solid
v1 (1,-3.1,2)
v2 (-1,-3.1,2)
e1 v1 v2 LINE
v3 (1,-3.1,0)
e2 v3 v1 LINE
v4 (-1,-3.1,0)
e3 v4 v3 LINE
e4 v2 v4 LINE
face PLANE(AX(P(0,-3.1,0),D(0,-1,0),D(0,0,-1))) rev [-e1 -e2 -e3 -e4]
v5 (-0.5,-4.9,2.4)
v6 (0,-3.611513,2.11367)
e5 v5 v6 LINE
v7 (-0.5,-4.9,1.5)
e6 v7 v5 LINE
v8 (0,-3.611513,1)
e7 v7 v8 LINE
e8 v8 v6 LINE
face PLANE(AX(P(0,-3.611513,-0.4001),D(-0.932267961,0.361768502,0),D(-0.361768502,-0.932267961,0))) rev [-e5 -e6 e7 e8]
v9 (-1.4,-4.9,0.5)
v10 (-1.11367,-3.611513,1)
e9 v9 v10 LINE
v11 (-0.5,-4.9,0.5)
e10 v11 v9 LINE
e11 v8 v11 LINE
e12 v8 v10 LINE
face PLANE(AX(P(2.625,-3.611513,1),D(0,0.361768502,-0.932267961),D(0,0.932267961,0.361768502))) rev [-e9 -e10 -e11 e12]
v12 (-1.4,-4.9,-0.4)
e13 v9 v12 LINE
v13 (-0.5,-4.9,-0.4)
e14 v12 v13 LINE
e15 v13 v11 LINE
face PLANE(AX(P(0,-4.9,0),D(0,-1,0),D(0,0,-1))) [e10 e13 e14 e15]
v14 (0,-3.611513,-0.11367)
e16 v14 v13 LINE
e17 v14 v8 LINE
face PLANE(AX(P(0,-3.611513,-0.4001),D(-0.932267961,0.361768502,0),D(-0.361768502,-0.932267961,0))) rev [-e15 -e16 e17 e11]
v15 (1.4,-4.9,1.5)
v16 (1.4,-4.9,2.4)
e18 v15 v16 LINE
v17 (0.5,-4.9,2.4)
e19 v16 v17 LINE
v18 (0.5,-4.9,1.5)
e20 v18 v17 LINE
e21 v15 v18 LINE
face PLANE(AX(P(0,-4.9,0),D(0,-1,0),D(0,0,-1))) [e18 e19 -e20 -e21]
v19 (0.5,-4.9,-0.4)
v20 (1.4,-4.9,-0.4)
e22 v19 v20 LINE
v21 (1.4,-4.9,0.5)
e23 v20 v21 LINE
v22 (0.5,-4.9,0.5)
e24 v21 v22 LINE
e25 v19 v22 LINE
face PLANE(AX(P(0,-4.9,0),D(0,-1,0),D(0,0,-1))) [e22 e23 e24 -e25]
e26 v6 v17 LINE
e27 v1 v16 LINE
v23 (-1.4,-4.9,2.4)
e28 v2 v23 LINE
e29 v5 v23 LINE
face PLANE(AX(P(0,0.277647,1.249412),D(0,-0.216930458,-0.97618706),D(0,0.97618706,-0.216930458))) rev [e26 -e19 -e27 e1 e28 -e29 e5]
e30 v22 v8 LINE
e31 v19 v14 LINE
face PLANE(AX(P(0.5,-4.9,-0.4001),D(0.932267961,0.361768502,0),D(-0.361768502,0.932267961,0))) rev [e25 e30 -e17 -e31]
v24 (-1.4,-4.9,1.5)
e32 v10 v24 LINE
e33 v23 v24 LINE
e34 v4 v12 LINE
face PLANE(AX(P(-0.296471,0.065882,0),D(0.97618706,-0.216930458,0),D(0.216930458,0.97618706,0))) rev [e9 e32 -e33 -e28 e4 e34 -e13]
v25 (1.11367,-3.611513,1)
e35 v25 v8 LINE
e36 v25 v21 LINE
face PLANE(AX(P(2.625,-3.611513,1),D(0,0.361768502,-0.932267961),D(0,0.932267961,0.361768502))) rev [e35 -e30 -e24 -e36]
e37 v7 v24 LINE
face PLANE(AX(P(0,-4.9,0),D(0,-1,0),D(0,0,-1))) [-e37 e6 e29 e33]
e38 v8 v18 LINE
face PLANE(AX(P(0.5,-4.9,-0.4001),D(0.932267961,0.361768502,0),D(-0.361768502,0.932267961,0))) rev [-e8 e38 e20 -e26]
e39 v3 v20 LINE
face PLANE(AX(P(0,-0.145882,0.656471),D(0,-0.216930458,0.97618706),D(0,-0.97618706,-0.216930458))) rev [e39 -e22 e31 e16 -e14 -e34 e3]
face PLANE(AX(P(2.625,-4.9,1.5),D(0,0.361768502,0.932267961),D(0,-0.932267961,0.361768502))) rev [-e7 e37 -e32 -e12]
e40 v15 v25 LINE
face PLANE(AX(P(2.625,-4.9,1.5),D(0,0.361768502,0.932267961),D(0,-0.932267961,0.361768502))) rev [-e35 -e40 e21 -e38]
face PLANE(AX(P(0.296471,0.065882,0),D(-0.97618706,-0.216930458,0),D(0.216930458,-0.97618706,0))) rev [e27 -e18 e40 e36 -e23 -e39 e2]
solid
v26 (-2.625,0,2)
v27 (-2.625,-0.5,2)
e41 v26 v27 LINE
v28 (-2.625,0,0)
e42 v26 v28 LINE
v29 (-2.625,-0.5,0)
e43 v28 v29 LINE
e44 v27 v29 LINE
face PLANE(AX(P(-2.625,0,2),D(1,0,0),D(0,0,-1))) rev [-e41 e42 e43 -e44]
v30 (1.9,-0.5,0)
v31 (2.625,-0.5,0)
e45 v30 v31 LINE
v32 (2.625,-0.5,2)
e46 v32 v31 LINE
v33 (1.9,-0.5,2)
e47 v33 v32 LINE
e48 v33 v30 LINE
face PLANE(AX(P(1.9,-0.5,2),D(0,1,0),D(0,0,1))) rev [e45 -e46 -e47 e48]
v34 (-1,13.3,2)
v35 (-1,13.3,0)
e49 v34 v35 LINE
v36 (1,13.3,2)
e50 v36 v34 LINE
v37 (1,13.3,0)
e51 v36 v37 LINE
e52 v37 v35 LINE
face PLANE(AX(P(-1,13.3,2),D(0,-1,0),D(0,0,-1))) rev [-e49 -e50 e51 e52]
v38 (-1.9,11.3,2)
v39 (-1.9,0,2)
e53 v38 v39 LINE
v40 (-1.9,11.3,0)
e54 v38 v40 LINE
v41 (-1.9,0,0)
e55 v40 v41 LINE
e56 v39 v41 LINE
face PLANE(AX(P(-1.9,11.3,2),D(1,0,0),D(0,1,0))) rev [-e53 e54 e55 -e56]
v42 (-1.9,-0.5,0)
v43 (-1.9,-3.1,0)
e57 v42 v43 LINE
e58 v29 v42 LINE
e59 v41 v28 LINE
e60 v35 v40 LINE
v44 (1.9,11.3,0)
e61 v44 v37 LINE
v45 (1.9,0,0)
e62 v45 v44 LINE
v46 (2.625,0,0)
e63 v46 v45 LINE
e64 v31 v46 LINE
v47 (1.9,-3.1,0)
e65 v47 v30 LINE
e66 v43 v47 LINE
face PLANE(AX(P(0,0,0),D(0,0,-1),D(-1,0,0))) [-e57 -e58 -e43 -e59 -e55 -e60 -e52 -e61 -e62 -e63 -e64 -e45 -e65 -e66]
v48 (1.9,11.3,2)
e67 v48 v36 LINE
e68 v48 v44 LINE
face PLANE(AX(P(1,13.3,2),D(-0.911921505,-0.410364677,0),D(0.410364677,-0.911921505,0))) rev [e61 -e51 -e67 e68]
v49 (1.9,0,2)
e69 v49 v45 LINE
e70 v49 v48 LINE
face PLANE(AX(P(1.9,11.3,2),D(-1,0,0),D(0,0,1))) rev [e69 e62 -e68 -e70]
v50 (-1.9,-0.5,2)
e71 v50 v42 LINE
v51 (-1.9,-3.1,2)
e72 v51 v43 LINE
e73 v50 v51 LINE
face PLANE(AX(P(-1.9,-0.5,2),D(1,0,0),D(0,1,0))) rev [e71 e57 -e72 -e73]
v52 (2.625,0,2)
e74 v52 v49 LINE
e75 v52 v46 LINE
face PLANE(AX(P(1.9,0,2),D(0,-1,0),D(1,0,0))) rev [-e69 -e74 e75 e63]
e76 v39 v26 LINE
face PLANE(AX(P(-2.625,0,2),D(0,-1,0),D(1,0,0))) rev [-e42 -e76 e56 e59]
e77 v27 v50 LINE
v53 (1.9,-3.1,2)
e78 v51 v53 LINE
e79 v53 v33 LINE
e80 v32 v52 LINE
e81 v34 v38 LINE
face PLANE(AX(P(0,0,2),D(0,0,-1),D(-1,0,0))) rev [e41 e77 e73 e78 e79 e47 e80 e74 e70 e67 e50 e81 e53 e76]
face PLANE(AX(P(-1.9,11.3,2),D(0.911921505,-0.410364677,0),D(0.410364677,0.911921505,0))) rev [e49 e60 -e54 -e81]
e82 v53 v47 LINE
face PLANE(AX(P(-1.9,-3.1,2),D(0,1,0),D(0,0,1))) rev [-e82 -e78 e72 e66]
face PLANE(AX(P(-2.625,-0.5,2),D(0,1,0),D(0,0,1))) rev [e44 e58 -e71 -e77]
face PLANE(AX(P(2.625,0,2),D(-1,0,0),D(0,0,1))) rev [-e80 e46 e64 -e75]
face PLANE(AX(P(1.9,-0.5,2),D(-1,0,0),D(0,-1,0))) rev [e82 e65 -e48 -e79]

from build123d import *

# Parameters (mm, degrees)
BOSS_EXTRUDE1_DEPTH     = 2
SKETCH2_W               = 2
SKETCH2_H               = 2
SKETCH3_W               = 2.8
SKETCH3_H               = 2.8
CUT_EXTRUDE1_DEPTH      = 1.6000001
CUT_EXTRUDE1_DEPTH_BACK = 3.2000001
CUT_EXTRUDE2_DEPTH      = 5.425
CUT_EXTRUDE2_DEPTH_BACK = 1.825


with BuildPart() as part:
    # Sketch1 → Boss-Extrude1 (new body)
    with BuildSketch(Plane.XY):
        Polygon((1.9, 0), (2.625, 0), (2.625, -0.5), (1.9, -0.5), (1.9, -3.1), (-1.9, -3.1), (-1.9, -0.5), (-2.625, -0.5), (-2.625, 0), (-1.9, 0), (-1.9, 11.3), (-1, 13.3), (1, 13.3), (1.9, 11.3), align=None)
    extrude(amount=BOSS_EXTRUDE1_DEPTH)


with BuildPart() as body_2:
    # Sketch2 → Loft1 section 0
    with BuildSketch(Plane.XZ.offset(3.1)):
        with Locations((0, 1)):
            Rectangle(SKETCH2_W, SKETCH2_H)
    # Sketch3 → Loft1 section 1
    with BuildSketch(Plane(origin=(0, -4.9, 0), x_dir=(-1, 0, 0), z_dir=(0, -1, 0))):
        with Locations((0, -1)):
            Rectangle(SKETCH3_W, SKETCH3_H)
    loft()

    # Sketch4 → Cut-Extrude1 (cut, two sides)
    with BuildSketch(Plane.XY.offset(1.8)) as cut_extrude1_sk:
        Polygon((0, -3.611513086), (-0.5, -4.9), (0.5, -4.9), align=None)
    extrude(amount=CUT_EXTRUDE1_DEPTH, mode=Mode.SUBTRACT)
    extrude(cut_extrude1_sk.sketch, amount=-CUT_EXTRUDE1_DEPTH_BACK, mode=Mode.SUBTRACT)

    # Sketch5 → Cut-Extrude2 (cut, two sides)
    with BuildSketch(Plane(origin=(1.8, 0, -1.8), x_dir=(0, 0, 1), z_dir=(-1, 0, 0))) as cut_extrude2_sk:
        Polygon((2.8, -3.611513086), (2.3, -4.9), (3.3, -4.9), align=None)
    extrude(amount=CUT_EXTRUDE2_DEPTH, mode=Mode.SUBTRACT)
    extrude(cut_extrude2_sk.sketch, amount=-CUT_EXTRUDE2_DEPTH_BACK, mode=Mode.SUBTRACT)


solid = Compound([part.part, body_2.part])
